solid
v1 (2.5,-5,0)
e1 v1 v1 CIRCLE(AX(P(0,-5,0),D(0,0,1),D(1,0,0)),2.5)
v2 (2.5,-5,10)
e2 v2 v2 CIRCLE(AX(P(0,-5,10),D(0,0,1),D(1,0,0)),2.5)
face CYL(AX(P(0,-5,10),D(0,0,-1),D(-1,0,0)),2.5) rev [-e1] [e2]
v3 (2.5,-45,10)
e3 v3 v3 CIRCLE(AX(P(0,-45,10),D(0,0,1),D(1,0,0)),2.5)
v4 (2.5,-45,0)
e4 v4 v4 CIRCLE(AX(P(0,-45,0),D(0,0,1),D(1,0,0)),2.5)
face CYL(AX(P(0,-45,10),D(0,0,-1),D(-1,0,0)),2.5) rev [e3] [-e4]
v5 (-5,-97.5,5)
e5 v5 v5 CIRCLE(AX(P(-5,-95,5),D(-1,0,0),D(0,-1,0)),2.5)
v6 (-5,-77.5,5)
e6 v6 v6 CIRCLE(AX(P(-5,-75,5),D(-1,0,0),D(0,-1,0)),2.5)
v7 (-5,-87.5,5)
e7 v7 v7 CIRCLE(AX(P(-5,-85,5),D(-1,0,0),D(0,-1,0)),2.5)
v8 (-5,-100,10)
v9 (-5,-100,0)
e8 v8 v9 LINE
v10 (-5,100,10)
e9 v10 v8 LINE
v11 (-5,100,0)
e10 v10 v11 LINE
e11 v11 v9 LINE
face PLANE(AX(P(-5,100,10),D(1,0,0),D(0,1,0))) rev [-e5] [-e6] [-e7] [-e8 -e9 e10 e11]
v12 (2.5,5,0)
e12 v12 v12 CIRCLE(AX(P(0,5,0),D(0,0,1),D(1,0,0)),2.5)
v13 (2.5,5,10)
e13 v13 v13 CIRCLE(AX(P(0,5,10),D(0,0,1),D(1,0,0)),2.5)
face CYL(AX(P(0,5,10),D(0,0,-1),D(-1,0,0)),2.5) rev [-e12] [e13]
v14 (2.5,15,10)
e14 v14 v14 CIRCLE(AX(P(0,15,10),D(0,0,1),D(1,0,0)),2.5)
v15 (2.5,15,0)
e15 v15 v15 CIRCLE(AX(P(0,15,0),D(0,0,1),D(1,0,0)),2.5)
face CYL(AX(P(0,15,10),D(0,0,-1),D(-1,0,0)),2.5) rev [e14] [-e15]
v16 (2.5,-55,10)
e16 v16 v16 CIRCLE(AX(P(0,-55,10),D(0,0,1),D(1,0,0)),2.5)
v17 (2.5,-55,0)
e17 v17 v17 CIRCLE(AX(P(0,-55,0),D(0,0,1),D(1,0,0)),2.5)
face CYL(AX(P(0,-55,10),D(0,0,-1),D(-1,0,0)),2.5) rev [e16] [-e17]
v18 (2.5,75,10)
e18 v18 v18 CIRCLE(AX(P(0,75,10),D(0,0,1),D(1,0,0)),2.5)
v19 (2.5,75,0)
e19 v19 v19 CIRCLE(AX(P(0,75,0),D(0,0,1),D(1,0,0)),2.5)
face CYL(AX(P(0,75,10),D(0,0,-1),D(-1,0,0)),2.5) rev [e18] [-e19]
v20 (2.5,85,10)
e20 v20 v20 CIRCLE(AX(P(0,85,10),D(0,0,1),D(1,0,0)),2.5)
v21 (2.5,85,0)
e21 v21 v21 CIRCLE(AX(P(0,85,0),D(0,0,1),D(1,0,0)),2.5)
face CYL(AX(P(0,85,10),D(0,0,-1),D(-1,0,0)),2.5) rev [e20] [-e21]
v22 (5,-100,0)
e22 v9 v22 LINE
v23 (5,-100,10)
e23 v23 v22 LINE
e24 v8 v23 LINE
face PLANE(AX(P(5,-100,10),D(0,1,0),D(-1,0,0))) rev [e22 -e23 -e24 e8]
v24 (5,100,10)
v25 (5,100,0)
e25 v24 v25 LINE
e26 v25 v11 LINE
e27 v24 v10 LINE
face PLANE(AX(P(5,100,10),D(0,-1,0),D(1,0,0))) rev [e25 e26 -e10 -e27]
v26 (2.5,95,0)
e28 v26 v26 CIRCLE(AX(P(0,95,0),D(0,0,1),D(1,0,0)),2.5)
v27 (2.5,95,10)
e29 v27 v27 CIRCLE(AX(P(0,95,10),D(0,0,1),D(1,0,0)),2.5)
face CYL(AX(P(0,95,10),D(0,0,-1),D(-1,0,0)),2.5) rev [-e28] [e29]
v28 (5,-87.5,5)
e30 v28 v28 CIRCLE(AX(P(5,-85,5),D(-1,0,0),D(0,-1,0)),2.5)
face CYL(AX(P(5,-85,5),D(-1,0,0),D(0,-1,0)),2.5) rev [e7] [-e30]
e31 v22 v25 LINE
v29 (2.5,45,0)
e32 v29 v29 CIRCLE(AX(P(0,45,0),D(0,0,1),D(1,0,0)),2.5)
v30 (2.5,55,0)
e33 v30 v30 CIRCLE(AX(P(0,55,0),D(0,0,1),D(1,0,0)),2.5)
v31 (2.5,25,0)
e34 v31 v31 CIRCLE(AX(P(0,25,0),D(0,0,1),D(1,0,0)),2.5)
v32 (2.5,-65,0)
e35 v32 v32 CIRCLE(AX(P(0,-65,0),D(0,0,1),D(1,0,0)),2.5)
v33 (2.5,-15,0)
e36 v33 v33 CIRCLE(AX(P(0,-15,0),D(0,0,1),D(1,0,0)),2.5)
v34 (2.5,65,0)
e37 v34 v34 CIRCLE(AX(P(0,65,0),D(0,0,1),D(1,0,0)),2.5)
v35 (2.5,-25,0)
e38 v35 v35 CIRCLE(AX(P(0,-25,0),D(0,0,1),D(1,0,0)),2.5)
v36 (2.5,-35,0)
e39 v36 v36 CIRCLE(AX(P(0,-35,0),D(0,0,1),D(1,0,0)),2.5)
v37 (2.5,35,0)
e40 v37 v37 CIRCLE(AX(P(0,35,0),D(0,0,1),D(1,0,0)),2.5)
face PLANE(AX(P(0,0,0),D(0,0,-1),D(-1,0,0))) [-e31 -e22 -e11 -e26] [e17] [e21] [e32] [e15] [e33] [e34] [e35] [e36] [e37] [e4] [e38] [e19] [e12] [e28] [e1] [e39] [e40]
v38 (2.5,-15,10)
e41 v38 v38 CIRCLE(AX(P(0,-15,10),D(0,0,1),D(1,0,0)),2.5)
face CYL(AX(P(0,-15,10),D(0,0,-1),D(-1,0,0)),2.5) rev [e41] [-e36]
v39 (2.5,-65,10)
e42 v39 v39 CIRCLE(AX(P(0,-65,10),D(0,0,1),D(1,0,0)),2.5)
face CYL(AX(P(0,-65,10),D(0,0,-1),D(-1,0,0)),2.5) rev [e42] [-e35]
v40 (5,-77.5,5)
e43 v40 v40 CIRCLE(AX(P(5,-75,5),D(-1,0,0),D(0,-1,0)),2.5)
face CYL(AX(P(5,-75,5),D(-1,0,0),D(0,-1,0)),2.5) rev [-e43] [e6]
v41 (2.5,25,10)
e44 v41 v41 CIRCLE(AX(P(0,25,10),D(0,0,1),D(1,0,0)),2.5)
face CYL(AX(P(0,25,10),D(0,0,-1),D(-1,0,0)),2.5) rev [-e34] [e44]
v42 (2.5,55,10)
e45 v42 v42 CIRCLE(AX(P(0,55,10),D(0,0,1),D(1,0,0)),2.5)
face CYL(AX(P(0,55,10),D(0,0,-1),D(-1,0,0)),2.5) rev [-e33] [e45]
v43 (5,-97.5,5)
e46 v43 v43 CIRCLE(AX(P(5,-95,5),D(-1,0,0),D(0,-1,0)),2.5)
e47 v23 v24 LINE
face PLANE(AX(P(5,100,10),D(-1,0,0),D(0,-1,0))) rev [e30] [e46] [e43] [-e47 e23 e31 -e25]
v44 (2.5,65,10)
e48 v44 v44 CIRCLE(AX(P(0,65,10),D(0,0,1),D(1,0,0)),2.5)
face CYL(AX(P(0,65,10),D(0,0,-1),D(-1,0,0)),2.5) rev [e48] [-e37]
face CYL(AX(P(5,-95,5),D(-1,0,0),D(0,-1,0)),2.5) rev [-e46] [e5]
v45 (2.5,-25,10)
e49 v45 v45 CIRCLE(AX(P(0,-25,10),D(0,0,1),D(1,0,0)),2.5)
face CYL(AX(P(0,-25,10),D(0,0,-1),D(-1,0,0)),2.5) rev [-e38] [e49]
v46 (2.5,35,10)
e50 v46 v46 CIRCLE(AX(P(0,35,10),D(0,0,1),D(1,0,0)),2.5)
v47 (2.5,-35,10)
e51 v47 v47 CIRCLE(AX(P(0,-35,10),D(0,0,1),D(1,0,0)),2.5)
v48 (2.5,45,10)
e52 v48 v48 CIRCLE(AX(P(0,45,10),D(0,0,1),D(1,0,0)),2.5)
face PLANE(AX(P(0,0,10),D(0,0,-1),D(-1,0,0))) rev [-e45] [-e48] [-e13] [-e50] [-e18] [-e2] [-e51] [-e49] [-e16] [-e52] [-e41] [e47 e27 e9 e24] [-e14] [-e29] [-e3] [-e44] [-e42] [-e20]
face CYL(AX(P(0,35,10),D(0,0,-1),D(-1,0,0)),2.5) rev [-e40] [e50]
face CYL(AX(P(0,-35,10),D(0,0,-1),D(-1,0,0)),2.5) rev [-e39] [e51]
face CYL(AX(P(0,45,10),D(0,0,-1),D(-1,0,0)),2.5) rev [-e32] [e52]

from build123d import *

# Parameters (mm, degrees)
ESQUISSE1_W             = 10
ESQUISSE1_H             = 200
ESQUISSE1_R             = 2.5
BASE_DEPTH              = 10
ESQUISSE4_R             = 2.5
ENL_V_MAT_EXTRU_2_DEPTH = 101.995049384


with BuildPart() as part:
    # Esquisse1 → BASE (new body)
    with BuildSketch(Plane.XY):
        Rectangle(ESQUISSE1_W, ESQUISSE1_H)
        with Locations((0, 95)):
            Circle(ESQUISSE1_R, mode=Mode.SUBTRACT)
        with Locations((0, 85)):
            Circle(ESQUISSE1_R, mode=Mode.SUBTRACT)
        with Locations((0, 75)):
            Circle(ESQUISSE1_R, mode=Mode.SUBTRACT)
        with Locations((0, 65)):
            Circle(ESQUISSE1_R, mode=Mode.SUBTRACT)
        with Locations((0, 55)):
            Circle(ESQUISSE1_R, mode=Mode.SUBTRACT)
        with Locations((0, 45)):
            Circle(ESQUISSE1_R, mode=Mode.SUBTRACT)
        with Locations((0, 35)):
            Circle(ESQUISSE1_R, mode=Mode.SUBTRACT)
        with Locations((0, 25)):
            Circle(ESQUISSE1_R, mode=Mode.SUBTRACT)
        with Locations((0, 15)):
            Circle(ESQUISSE1_R, mode=Mode.SUBTRACT)
        with Locations((0, 5)):
            Circle(ESQUISSE1_R, mode=Mode.SUBTRACT)
        with Locations((0, -5)):
            Circle(ESQUISSE1_R, mode=Mode.SUBTRACT)
        with Locations((0, -15)):
            Circle(ESQUISSE1_R, mode=Mode.SUBTRACT)
        with Locations((0, -25)):
            Circle(ESQUISSE1_R, mode=Mode.SUBTRACT)
        with Locations((0, -35)):
            Circle(ESQUISSE1_R, mode=Mode.SUBTRACT)
        with Locations((0, -45)):
            Circle(ESQUISSE1_R, mode=Mode.SUBTRACT)
        with Locations((0, -55)):
            Circle(ESQUISSE1_R, mode=Mode.SUBTRACT)
        with Locations((0, -65)):
            Circle(ESQUISSE1_R, mode=Mode.SUBTRACT)
    extrude(amount=BASE_DEPTH)

    # Esquisse4 → Enlèv. mat.-Extru.2 (cut, through all)
    with BuildSketch(Plane.ZY.offset(5)):
        with Locations(Location((5, -95, 0), (0, 0, 270))):
            Circle(ESQUISSE4_R)
        with Locations(Location((5, -85, 0), (0, 0, 270))):
            Circle(ESQUISSE4_R)
        with Locations(Location((5, -75, 0), (0, 0, 270))):
            Circle(ESQUISSE4_R)
    extrude(amount=-ENL_V_MAT_EXTRU_2_DEPTH, mode=Mode.SUBTRACT)


solid = part.part
